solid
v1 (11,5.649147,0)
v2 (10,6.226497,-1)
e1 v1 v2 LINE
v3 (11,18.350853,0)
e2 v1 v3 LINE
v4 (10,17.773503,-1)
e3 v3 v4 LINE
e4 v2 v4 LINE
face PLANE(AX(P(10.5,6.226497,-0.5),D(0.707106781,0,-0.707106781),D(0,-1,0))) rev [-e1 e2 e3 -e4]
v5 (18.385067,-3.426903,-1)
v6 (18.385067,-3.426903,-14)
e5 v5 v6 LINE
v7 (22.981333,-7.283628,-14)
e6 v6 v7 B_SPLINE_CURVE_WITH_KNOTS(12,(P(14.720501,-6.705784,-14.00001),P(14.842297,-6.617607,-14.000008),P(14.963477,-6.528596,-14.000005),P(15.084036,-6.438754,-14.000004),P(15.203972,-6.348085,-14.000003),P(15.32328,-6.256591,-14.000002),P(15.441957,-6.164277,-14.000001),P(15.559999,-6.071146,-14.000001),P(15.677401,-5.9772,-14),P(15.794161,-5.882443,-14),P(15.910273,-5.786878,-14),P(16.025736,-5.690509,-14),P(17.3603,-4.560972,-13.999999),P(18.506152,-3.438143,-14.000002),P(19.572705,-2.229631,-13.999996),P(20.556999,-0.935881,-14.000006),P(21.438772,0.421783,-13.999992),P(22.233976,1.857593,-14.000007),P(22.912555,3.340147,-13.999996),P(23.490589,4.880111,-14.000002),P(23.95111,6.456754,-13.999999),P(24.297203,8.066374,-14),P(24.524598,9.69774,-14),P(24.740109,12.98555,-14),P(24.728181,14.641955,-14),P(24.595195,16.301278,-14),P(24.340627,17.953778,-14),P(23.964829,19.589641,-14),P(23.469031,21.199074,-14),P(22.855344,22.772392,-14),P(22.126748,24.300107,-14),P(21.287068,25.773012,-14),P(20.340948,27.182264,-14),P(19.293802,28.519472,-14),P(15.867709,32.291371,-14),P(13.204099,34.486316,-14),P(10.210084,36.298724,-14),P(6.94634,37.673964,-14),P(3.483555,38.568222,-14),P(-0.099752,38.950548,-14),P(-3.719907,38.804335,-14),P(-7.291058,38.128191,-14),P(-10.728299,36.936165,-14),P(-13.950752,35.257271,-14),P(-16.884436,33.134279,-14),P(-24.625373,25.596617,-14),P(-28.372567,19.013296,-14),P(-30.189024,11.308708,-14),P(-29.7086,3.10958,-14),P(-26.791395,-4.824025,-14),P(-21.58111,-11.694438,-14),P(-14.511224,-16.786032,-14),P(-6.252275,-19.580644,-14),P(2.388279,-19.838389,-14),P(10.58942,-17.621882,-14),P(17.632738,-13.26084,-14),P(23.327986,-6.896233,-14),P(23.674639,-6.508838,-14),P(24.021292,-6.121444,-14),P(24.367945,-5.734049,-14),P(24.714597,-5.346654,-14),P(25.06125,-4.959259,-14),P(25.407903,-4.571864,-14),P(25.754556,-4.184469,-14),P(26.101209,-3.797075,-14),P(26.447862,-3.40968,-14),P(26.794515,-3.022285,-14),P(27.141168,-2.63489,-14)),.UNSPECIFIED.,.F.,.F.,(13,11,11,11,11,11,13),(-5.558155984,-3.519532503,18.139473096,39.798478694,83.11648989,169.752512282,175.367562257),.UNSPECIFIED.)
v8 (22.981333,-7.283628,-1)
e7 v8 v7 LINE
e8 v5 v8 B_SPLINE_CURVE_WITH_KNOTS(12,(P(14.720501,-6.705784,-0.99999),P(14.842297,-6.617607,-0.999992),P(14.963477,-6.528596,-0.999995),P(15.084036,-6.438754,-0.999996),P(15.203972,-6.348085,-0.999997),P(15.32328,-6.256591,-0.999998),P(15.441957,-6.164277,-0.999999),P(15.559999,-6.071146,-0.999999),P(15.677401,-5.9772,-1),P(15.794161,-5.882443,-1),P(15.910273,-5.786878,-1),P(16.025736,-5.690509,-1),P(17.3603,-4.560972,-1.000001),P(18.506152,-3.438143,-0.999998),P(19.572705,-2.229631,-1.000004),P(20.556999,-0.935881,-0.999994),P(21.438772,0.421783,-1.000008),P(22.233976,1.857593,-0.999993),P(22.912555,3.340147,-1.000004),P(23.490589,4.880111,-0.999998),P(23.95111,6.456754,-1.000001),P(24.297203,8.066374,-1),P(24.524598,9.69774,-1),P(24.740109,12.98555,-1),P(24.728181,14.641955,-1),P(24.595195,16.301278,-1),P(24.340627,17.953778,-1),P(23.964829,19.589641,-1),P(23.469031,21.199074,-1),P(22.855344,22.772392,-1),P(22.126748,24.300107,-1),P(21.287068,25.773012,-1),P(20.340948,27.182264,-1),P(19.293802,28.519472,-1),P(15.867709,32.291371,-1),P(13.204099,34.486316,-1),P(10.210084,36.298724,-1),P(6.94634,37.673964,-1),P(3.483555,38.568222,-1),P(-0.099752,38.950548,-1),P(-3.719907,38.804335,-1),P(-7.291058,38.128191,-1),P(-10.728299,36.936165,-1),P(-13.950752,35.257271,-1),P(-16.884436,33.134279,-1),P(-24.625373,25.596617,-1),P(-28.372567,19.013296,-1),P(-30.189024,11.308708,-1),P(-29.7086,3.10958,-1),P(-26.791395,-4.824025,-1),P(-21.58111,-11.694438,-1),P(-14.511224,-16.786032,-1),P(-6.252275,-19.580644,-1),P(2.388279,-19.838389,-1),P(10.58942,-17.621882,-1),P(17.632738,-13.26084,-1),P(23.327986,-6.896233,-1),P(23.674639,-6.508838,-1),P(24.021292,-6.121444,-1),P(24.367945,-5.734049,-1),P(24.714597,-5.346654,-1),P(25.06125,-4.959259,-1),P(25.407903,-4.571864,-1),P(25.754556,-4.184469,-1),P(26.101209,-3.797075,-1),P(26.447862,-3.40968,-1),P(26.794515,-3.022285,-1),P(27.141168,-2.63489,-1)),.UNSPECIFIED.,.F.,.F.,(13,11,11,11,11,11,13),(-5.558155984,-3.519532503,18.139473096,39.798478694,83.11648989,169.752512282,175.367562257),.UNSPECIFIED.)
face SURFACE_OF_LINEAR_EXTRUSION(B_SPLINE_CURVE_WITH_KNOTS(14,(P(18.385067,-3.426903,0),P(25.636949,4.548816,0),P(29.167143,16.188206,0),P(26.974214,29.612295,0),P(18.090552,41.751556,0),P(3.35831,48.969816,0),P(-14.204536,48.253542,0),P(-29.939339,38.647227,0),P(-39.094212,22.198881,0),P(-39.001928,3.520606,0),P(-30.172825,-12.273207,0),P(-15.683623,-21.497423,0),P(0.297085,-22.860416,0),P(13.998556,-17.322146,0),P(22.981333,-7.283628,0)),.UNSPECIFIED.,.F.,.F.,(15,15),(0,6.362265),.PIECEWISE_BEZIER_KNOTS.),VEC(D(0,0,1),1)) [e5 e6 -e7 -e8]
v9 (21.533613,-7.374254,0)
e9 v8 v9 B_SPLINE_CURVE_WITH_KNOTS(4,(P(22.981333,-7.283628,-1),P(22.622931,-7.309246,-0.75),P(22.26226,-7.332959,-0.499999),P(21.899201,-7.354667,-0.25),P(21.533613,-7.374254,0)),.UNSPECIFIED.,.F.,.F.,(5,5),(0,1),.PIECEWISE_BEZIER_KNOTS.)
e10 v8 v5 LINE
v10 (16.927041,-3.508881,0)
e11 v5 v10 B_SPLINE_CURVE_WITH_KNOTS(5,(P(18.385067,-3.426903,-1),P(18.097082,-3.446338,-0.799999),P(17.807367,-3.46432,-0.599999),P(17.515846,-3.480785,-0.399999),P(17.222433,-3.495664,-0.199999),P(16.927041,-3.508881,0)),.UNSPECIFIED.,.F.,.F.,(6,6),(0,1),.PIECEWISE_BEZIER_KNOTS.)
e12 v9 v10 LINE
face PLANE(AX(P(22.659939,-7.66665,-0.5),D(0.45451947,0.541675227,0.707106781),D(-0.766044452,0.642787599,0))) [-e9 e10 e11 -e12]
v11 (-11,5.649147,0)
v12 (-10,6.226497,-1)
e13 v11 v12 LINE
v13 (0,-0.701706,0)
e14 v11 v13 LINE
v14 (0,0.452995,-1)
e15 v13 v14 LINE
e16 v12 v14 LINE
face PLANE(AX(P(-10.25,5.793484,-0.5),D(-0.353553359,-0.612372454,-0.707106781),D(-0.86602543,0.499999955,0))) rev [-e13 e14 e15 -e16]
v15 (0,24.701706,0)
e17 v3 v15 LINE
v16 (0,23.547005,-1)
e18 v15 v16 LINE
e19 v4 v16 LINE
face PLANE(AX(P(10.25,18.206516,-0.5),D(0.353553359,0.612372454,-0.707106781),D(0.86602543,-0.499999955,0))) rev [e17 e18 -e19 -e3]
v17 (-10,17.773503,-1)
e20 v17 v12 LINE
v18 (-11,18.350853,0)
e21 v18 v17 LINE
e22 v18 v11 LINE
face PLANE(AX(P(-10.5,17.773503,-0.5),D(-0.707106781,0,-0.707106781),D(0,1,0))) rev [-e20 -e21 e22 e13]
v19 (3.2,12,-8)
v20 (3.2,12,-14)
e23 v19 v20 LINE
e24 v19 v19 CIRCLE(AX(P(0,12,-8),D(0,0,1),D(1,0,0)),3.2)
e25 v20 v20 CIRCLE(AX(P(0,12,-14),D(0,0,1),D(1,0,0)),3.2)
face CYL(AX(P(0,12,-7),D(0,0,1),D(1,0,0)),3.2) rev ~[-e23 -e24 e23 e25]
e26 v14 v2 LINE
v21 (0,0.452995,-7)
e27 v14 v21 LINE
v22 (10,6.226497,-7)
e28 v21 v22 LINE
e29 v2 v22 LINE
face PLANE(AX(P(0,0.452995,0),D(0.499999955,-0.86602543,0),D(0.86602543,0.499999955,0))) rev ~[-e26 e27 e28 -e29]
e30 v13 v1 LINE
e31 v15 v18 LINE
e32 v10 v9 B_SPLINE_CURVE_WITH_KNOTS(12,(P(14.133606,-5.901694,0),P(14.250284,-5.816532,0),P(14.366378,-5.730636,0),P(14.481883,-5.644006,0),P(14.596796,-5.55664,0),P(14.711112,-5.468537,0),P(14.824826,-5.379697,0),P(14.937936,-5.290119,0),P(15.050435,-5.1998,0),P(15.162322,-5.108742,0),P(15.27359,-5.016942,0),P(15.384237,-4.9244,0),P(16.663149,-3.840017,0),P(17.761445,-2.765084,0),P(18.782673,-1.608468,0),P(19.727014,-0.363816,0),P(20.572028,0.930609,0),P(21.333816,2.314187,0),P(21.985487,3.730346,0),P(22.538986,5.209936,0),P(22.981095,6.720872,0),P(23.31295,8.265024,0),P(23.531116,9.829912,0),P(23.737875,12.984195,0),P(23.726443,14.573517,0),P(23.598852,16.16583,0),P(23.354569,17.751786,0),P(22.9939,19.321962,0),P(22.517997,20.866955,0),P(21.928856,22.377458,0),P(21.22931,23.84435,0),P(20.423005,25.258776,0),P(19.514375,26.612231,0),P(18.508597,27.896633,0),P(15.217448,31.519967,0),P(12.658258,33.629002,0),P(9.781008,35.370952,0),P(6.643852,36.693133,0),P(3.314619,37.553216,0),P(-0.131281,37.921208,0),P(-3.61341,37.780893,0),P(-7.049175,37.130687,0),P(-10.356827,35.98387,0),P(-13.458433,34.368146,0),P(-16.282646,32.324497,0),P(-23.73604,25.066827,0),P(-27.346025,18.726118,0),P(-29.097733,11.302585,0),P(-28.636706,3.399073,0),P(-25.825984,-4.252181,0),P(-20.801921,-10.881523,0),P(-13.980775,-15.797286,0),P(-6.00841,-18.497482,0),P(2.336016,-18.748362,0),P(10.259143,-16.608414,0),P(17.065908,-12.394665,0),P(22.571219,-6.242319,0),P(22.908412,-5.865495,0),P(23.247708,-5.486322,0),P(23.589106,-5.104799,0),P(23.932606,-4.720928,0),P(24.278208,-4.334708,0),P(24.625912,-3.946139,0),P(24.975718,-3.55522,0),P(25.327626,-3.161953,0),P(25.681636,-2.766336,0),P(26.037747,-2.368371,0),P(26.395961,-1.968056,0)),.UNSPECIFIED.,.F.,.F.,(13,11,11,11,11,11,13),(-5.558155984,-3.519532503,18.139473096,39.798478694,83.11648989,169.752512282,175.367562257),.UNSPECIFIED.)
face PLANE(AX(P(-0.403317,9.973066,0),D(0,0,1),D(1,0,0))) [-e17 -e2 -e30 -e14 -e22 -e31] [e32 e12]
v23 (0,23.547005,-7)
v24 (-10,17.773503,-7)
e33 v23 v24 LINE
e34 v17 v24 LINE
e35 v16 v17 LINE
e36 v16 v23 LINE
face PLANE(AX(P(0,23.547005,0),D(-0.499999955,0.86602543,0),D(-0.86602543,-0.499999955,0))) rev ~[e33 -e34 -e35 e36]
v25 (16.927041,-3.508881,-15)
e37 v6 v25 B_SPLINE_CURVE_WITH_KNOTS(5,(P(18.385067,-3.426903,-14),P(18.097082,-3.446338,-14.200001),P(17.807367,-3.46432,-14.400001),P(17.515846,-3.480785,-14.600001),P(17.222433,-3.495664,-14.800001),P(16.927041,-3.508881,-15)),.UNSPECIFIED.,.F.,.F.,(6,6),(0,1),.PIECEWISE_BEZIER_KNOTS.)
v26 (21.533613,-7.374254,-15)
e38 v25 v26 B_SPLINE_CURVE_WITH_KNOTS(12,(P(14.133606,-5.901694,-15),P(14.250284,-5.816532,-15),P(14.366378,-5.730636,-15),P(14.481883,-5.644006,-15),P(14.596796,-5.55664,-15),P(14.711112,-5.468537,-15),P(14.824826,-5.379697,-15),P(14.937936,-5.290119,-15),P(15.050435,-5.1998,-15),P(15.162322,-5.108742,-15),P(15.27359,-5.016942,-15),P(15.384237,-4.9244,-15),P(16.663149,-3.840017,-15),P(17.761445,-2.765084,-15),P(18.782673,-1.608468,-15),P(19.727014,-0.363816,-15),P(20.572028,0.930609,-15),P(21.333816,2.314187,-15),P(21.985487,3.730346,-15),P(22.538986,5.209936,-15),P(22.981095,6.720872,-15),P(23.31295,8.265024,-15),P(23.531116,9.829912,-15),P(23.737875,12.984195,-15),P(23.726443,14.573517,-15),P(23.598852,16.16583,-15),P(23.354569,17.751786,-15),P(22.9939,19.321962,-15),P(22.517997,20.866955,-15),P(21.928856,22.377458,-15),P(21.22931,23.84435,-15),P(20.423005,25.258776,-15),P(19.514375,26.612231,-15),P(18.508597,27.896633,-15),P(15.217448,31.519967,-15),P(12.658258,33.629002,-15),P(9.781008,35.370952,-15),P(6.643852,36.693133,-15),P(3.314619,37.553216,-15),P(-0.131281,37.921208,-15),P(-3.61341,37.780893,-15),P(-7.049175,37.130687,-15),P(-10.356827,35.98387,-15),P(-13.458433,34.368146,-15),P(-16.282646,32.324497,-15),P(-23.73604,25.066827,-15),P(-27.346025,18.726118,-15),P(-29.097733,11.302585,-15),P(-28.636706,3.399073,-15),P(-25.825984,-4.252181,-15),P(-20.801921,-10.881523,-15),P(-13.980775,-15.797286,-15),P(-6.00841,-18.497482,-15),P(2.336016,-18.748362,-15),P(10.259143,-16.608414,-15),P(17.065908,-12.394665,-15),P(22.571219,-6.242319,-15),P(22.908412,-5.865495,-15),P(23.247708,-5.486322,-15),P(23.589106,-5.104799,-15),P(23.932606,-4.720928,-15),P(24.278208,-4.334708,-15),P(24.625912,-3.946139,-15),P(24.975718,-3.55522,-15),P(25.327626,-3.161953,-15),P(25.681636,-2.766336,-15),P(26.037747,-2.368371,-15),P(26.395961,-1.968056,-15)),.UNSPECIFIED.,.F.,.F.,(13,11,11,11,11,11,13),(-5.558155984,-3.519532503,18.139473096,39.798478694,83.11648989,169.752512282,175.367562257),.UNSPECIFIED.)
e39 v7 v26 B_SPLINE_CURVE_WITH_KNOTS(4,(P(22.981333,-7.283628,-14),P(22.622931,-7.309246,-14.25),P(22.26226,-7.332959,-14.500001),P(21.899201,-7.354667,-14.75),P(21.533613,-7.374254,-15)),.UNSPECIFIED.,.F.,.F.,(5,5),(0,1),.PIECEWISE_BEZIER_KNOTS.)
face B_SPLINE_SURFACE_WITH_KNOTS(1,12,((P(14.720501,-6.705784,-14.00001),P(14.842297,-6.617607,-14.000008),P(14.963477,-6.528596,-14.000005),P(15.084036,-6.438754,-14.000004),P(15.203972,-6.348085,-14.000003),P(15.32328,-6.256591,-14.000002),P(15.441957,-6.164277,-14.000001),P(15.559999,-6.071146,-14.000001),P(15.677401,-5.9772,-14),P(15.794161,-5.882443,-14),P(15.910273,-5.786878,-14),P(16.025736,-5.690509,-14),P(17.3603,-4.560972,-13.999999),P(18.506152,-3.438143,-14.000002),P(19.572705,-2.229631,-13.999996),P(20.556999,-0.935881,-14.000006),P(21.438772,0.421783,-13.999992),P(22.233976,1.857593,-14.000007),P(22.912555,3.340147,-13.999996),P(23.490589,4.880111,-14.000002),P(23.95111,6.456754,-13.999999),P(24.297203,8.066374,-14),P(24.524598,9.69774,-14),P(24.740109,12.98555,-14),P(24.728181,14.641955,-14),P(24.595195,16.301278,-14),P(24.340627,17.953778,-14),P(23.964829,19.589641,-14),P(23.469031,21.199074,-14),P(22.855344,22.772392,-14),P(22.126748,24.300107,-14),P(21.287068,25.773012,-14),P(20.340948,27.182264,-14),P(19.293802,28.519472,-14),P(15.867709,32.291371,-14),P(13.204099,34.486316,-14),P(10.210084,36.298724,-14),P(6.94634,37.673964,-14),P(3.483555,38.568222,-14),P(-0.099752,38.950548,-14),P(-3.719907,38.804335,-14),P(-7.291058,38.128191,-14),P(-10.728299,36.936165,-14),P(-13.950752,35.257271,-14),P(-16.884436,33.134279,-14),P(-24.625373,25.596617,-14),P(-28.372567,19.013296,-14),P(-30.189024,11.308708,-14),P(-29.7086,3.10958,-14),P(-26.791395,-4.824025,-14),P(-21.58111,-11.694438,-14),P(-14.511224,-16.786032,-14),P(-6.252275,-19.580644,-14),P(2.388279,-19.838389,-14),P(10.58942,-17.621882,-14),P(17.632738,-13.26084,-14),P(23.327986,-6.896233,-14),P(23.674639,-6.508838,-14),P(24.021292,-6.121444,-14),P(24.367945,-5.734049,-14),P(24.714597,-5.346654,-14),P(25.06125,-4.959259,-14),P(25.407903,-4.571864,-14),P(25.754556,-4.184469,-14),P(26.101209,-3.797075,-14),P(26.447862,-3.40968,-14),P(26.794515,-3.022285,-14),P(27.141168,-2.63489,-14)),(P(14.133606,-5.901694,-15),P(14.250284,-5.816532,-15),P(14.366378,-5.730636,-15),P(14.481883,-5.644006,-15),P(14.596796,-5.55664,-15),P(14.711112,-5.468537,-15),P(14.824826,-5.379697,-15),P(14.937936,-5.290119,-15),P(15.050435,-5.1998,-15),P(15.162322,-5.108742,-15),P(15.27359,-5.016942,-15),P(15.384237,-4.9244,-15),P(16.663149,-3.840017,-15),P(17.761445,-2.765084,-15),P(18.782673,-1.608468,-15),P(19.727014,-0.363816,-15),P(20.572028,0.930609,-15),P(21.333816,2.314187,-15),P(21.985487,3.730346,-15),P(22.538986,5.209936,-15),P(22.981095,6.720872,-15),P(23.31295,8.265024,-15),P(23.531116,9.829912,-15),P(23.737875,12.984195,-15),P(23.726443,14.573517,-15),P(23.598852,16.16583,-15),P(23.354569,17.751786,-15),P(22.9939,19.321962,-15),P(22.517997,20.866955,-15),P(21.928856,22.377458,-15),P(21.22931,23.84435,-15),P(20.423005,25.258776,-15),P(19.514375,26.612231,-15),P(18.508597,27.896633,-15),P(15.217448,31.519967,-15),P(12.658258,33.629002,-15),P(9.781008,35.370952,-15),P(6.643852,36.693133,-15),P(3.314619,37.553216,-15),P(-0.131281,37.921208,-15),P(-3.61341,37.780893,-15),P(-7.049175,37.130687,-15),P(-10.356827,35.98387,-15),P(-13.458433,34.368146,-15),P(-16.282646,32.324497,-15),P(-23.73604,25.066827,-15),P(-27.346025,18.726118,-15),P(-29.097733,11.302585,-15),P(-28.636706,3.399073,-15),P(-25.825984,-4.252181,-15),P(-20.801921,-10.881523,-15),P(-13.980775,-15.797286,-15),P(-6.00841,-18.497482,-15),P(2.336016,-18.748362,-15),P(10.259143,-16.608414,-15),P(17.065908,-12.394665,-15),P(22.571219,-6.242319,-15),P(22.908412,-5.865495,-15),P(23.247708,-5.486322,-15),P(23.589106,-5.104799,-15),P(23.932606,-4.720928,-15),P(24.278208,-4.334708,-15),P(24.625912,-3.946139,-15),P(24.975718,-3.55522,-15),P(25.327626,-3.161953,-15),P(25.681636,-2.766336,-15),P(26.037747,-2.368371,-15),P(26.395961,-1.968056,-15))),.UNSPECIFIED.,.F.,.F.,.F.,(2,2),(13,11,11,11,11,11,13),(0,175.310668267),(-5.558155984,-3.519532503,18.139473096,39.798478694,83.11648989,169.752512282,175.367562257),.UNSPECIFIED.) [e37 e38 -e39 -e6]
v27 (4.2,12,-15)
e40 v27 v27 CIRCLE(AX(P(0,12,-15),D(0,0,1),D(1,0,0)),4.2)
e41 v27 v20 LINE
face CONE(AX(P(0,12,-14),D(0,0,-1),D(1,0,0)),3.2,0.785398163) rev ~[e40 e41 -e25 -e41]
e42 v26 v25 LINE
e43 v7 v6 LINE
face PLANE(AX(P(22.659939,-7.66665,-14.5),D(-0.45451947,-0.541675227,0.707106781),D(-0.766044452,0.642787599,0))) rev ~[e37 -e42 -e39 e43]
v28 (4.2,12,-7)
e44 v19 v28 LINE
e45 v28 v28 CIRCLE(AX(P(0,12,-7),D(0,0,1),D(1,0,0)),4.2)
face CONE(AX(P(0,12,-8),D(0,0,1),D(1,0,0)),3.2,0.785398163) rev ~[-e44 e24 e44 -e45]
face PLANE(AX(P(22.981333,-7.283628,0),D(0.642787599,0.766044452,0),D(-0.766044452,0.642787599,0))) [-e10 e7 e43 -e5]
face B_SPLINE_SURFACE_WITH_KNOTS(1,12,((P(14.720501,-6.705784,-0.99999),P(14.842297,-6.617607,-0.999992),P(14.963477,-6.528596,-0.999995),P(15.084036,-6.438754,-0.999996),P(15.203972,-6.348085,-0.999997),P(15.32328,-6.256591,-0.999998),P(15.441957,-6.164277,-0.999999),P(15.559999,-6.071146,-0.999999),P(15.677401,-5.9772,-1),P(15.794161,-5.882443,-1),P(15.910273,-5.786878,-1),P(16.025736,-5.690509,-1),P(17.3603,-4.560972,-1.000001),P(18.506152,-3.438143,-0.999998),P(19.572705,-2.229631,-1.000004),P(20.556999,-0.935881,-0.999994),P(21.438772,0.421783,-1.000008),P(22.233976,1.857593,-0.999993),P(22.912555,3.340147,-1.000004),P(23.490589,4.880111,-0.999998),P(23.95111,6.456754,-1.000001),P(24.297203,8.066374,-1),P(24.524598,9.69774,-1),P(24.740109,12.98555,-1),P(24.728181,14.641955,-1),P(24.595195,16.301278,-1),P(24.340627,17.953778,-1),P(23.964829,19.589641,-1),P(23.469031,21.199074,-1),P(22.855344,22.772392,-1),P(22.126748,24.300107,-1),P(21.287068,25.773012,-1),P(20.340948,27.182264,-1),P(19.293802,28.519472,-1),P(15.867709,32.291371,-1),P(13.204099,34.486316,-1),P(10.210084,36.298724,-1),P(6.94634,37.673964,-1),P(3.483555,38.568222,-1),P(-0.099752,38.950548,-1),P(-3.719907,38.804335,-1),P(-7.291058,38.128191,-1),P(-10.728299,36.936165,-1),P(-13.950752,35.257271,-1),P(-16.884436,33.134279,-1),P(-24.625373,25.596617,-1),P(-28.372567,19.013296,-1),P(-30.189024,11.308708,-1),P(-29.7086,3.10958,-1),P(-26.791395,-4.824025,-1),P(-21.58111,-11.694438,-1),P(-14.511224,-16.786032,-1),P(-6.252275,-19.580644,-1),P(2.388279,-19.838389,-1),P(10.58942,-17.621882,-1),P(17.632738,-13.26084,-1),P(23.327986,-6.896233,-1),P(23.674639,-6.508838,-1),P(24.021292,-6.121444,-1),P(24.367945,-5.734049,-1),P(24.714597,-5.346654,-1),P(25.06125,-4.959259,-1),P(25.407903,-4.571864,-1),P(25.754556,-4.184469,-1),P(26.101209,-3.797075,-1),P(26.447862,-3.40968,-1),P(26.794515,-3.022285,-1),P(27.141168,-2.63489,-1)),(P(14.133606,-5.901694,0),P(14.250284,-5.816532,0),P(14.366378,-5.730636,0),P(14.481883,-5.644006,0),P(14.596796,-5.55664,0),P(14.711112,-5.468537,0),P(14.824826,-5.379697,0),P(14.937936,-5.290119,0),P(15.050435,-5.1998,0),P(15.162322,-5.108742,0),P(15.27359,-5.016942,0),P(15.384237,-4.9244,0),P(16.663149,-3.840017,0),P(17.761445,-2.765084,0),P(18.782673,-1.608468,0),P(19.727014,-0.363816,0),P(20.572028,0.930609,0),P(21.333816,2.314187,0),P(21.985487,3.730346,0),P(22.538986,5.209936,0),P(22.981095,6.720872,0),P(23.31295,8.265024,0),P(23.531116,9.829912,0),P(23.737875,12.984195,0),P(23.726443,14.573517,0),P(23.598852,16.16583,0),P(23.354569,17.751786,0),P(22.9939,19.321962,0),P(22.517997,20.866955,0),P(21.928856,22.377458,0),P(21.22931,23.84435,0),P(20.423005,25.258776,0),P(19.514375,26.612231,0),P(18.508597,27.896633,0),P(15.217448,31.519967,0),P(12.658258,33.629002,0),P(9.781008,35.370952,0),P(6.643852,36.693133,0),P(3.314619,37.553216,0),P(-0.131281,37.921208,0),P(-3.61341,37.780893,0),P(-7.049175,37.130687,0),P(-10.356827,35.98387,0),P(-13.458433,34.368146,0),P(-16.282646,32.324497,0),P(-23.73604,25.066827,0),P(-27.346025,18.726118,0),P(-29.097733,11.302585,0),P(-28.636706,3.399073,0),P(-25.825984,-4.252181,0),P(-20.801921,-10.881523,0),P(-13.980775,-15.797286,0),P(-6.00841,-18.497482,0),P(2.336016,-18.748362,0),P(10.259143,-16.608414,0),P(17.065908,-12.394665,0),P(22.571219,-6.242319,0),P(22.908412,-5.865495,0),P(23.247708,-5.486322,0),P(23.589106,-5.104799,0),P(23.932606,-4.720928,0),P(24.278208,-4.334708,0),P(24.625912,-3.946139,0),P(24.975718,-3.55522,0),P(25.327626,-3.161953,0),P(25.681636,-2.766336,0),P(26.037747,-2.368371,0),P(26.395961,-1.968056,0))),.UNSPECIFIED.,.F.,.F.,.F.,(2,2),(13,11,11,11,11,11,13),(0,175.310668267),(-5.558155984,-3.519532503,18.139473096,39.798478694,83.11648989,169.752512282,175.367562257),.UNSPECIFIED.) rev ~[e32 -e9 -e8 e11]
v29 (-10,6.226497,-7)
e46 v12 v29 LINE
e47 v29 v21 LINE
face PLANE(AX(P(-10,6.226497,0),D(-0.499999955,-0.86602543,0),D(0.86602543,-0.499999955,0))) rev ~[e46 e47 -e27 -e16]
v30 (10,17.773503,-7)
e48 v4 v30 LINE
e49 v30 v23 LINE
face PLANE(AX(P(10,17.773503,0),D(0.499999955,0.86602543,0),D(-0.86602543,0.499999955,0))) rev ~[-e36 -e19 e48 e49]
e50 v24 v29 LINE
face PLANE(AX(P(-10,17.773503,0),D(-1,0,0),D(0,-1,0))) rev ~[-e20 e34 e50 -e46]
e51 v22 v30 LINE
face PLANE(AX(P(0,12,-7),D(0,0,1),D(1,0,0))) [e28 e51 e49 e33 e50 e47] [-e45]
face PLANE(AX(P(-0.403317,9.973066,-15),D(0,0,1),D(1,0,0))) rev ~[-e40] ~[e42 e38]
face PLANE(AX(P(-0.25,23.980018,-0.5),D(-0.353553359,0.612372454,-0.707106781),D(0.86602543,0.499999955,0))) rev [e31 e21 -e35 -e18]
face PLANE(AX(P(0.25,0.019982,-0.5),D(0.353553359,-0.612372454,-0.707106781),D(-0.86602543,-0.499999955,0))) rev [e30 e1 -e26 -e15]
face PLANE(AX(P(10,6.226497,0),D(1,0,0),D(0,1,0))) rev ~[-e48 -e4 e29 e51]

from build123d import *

# Parameters (mm, degrees)
PAD011_DEPTH    = 15
POCKET009_DEPTH = 7
SKETCH024_R     = 3.2
POCKET010_DEPTH = 8.001
CHAMFER002_SIZE = 1


with BuildPart() as part:
    # Sketch022 → Pad011 (new body)
    with BuildSketch(Plane(origin=(0, 12, 0), x_dir=(1, 0, 0), z_dir=(0, 0, 1))):
        with BuildLine():
            add(Edge.make_bspline(
                [(18.385067, -15.426903), (25.636949, -7.451184), (29.167143, 4.188206), (26.974214, 17.612295), (18.090552, 29.751556), (3.35831, 36.969816), (-14.204536, 36.253542), (-29.939339, 26.647227), (-39.094212, 10.198881), (-39.001928, -8.479394), (-30.172825, -24.273207), (-15.683623, -33.497423), (0.297085, -34.860416), (13.998556, -29.322146), (22.981333, -19.283628)],
                knots=[0, 0, 0, 0, 0, 0, 0, 0, 0, 0, 0, 0, 0, 0, 0, 6.362265, 6.362265, 6.362265, 6.362265, 6.362265, 6.362265, 6.362265, 6.362265, 6.362265, 6.362265, 6.362265, 6.362265, 6.362265, 6.362265, 6.362265], degree=14))
            Line((22.981333, -19.283628), (18.385067, -15.426903))
        make_face()
    extrude(amount=-PAD011_DEPTH)

    # Sketch023 (on Face3 of Pad011) → Pocket009 (cut)
    with BuildSketch(Plane(origin=(0, 12, 0), x_dir=(1, 0, 0), z_dir=(0, 0, 1))):
        Polygon((0, -11.547005), (10, -5.773503), (10, 5.773503), (0, 11.547005), (-10, 5.773503), (-10, -5.773503), align=None)
    extrude(amount=-POCKET009_DEPTH, mode=Mode.SUBTRACT)

    # Sketch024 (on Face11 of Pocket009) → Pocket010 (cut, through all)
    with BuildSketch(Plane(origin=(0, 12, -7), x_dir=(1, 0, 0), z_dir=(0, 0, 1))):
        Circle(SKETCH024_R)
    extrude(amount=-POCKET010_DEPTH, mode=Mode.SUBTRACT)

    # Chamfer002
    chamfer002_edges = [part.edges().sort_by_distance(p)[0] for p in [
        (-23.516179, 25.600665, 0),
        (20.6832, -5.355266, 0),
        (5, 3.339746, 0),
        (10, 12, 0),
        (5, 20.660254, 0),
        (-5, 20.660254, 0),
        (-10, 12, 0),
        (-5, 3.339746, 0),
        (-3.2, 12, -7),
        (-23.516179, 25.600665, -15),
        (20.6832, -5.355266, -15),
        (-3.2, 12, -15),
    ]]
    chamfer(chamfer002_edges, length=CHAMFER002_SIZE)


solid = part.part
